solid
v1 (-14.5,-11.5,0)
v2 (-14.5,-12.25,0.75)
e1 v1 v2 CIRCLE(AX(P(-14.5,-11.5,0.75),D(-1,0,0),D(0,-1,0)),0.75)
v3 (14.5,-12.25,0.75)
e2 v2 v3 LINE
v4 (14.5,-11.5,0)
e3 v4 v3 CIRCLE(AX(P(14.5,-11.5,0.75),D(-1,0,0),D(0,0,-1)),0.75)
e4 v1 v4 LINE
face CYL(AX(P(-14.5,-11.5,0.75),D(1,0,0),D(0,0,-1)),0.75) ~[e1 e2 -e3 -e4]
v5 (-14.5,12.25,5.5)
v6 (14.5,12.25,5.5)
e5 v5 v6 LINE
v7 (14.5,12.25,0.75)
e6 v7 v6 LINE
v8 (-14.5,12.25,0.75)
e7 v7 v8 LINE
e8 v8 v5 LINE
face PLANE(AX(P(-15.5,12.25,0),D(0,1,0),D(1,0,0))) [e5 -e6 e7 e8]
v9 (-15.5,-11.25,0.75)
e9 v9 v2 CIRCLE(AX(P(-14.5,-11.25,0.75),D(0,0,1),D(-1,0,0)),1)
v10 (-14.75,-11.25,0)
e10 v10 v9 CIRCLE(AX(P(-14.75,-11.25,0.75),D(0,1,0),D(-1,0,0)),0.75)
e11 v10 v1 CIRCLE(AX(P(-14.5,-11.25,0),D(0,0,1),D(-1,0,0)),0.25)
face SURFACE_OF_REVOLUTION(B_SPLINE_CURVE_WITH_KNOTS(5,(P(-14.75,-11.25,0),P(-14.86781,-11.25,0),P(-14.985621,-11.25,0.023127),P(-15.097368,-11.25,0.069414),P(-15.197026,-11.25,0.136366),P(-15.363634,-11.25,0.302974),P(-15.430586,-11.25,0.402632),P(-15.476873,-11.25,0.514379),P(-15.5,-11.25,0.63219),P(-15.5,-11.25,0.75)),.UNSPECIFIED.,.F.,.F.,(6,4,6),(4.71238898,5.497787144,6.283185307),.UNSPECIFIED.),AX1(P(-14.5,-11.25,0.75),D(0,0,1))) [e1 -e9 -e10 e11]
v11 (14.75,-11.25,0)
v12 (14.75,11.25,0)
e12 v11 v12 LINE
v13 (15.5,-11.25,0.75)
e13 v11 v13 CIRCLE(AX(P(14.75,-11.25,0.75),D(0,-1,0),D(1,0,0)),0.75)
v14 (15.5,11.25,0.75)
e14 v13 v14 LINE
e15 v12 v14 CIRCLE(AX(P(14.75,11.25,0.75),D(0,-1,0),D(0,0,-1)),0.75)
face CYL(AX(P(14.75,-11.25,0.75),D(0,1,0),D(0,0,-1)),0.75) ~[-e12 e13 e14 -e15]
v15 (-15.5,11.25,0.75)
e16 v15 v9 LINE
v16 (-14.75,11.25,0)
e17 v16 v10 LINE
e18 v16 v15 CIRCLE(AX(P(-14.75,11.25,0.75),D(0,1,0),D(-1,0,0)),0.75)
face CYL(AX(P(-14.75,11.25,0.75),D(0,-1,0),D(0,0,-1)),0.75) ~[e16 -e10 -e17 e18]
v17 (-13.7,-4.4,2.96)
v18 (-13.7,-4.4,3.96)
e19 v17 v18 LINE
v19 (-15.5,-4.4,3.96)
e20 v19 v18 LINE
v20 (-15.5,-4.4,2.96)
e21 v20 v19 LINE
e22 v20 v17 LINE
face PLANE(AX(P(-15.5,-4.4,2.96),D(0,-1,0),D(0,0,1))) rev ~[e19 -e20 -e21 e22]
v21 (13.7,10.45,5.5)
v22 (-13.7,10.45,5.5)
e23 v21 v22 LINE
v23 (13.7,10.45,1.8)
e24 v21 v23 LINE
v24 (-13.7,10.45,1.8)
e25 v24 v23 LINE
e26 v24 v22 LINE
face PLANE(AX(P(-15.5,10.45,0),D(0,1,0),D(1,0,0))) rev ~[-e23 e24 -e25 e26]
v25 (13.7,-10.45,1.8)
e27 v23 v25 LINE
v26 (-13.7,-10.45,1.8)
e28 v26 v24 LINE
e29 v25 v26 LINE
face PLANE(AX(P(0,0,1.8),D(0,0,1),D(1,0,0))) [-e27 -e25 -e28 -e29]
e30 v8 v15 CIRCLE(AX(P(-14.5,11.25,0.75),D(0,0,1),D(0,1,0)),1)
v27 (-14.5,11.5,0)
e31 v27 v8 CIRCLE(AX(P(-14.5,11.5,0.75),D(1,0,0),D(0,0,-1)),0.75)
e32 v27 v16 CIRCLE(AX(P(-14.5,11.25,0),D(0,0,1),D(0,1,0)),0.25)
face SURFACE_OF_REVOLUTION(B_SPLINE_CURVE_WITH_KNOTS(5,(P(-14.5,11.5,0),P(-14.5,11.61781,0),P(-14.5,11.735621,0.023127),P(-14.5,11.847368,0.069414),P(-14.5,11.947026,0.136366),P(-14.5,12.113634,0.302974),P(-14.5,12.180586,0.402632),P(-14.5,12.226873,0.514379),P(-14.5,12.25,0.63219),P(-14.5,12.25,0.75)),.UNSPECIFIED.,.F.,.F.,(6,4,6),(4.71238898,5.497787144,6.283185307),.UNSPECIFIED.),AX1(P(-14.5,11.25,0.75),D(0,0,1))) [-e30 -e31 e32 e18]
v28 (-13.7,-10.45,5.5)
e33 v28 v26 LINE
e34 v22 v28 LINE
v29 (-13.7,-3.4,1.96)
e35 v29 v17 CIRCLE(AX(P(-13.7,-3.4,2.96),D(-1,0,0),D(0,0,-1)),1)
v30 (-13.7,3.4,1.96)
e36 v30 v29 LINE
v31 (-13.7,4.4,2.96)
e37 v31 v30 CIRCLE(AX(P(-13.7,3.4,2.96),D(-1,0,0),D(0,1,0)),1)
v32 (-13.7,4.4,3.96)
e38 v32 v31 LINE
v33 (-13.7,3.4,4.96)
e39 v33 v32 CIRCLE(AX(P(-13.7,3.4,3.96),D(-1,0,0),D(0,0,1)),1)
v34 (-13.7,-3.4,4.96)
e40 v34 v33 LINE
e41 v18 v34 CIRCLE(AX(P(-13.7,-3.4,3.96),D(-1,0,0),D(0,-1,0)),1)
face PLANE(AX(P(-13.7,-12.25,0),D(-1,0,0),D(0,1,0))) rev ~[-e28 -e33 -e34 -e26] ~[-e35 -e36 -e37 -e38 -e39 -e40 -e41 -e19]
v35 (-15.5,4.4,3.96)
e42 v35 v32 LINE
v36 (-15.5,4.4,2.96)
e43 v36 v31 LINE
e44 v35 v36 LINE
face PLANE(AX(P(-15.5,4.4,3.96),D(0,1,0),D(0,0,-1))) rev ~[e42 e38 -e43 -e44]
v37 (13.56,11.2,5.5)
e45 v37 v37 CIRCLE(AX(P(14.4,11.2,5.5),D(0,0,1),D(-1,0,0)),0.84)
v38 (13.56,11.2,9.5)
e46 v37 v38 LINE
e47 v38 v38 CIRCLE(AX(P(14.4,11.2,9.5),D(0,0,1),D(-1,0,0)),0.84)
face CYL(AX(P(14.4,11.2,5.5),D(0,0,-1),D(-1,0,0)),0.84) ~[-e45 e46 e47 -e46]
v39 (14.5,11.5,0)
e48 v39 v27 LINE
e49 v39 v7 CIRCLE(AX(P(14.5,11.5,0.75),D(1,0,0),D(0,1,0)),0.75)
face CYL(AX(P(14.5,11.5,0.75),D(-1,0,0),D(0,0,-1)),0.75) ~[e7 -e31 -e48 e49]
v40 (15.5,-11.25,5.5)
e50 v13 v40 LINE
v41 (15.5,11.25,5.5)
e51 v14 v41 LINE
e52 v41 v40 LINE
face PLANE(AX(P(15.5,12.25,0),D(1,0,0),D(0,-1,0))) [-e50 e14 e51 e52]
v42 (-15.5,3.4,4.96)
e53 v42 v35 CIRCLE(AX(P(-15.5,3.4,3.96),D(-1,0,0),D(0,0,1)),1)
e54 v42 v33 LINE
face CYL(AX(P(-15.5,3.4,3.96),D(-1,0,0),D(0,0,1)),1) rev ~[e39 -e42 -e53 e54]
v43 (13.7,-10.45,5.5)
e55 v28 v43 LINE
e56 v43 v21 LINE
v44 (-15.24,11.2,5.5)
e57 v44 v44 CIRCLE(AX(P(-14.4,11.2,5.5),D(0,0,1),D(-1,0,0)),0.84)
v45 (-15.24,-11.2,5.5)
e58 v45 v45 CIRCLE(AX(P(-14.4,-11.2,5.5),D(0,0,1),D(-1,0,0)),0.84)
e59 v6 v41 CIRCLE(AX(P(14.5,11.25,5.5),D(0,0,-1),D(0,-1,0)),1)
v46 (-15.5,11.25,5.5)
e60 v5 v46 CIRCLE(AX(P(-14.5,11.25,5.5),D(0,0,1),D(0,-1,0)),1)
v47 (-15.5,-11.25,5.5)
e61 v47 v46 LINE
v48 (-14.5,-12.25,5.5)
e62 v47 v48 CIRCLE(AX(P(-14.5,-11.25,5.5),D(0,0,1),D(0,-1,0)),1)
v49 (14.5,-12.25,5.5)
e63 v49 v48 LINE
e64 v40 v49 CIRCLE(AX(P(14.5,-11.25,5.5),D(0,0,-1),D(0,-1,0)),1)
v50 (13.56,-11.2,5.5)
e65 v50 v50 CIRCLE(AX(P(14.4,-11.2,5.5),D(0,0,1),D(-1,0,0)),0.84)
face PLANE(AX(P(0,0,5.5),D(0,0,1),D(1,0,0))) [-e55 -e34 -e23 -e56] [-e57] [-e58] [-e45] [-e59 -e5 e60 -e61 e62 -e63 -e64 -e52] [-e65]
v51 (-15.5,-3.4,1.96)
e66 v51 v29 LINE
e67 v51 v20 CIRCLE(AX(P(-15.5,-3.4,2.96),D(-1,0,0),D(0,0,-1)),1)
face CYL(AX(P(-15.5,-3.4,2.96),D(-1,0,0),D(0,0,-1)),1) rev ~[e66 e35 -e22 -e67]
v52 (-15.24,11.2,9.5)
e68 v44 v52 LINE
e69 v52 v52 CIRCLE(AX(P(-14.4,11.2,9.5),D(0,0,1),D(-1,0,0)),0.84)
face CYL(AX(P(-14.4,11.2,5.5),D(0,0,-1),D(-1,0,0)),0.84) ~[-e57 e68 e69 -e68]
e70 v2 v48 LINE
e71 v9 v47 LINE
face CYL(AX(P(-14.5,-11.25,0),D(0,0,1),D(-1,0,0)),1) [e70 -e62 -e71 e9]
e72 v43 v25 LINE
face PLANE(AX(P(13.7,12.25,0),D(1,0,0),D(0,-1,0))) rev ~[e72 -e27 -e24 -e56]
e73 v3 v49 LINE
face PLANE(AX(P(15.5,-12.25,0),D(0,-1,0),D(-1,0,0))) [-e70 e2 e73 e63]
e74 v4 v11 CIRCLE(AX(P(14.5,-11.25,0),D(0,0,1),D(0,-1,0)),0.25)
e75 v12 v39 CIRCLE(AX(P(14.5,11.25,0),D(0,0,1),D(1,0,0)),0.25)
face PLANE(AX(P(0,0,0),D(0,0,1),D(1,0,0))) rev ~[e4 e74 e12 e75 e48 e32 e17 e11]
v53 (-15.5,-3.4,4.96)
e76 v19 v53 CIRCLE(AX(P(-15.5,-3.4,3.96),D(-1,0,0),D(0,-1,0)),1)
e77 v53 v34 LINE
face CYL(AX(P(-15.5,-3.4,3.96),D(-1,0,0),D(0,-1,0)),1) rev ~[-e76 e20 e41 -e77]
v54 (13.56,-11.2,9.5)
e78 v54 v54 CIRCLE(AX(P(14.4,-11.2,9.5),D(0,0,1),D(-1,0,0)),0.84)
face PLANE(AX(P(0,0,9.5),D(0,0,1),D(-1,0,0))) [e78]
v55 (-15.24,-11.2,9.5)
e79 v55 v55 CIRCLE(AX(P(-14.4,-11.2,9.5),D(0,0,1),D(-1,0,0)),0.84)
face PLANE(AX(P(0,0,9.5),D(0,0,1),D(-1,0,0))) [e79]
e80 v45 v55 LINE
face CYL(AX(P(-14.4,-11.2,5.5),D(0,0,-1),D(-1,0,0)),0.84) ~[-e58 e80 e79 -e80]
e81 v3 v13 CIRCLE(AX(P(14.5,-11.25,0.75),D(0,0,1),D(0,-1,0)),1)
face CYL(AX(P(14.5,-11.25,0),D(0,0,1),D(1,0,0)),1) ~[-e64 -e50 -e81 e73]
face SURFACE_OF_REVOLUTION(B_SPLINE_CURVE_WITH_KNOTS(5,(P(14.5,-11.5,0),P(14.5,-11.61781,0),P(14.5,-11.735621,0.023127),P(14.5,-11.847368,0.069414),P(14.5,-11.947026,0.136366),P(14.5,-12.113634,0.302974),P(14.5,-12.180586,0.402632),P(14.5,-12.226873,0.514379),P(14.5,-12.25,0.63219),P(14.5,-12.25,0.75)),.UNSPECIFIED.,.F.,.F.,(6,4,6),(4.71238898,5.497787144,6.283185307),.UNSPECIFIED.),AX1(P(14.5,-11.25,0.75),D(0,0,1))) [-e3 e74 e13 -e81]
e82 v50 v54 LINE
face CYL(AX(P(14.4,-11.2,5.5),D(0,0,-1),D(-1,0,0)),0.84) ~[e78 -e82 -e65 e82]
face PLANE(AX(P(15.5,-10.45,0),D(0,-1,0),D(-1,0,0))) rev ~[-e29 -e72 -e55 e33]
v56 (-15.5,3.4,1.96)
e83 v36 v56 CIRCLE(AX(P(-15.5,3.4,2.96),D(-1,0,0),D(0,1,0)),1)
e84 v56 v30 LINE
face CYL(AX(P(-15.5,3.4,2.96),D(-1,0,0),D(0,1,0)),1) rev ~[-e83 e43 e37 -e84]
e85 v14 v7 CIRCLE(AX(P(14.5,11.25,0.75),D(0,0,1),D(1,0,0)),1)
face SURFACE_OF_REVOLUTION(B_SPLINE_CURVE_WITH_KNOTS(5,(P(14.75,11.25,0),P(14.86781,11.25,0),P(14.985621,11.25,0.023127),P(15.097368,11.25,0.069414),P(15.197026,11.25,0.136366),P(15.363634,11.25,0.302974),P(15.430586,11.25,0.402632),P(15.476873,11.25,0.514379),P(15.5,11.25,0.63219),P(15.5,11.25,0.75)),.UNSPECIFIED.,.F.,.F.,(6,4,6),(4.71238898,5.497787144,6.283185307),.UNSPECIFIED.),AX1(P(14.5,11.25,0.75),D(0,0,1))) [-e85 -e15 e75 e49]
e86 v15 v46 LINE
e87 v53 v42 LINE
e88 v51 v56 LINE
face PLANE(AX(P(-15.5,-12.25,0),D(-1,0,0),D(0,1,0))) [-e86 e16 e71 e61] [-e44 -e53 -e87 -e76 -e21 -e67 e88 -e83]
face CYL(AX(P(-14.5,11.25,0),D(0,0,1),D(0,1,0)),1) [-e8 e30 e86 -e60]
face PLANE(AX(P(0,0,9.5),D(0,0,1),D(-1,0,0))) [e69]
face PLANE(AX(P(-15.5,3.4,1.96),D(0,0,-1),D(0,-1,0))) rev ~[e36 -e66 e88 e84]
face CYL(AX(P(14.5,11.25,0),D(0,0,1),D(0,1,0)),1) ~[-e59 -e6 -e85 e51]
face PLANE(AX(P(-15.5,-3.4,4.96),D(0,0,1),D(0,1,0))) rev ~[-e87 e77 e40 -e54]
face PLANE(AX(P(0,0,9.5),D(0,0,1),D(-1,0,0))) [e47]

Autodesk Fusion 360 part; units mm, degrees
sketch "Sketch1" plane through (0, 0, 0) normal (0, 0, 1) x (1, 0, 0)
  line L0 (-15.5, 12.25) -> (15.5, 12.25)
  line L1 (15.5, 12.25) -> (15.5, -12.25)
  line L2 (15.5, -12.25) -> (-15.5, -12.25)
  line L3 (-15.5, -12.25) -> (-15.5, 12.25)
  line L4 (-15.5, 12.25) -> (15.5, -12.25) construction
  line L5 (15.5, 12.25) -> (-15.5, -12.25) construction
  dimension "d1" = 31
  dimension "d2" = 24.5
extrude "Extrude1" add sketch "Sketch1" along normal blind 5.5
shell "Shell1" thickness 1.8 removed faces 1 at (-5.1667, 4.0833, 5.5)
sketch "Sketch2" plane through (0, 0, 5.5) normal (0, 0, 1) x (-1, 0, 0)
  line L0 (13.7, 10.45) -> (13.7, -10.45)
  line L1 (13.7, -10.45) -> (-13.7, -10.45)
  line L2 (-13.7, -10.45) -> (-13.7, 10.45)
  line L3 (-13.7, 10.45) -> (13.7, 10.45)
  line L4 (15.5, 12.25) -> (-15.5, 12.25)
  line L5 (-15.5, 12.25) -> (-15.5, -12.25)
  line L6 (-15.5, -12.25) -> (15.5, -12.25)
  line L7 (15.5, -12.25) -> (15.5, 12.25)
  circle A0 centre (14.4, -11.2) radius 0.84
  line L8 (0, 0) -> (0, -2)
  line L9 (0, 0) -> (4, 0)
  circle A1 centre (-14.4, -11.2) radius 0.84
  circle A2 centre (-14.4, 11.2) radius 0.84
  circle A3 centre (14.4, 11.2) radius 0.84
  dimension "d6" = 1.68
  dimension "d7" = 11.2
  dimension "d8" = 14.4
extrude "Extrude2" add sketch "Sketch2" along normal blind 4 contours A0 | A1 | A2 | A3
fillet "Fillet1" radius 1 1 edges at (15.5, -12.25, 2.75)
fillet "Fillet1" radius 1 1 edges at (15.5, 12.25, 2.75)
fillet "Fillet1" radius 1 1 edges at (-15.5, 12.25, 2.75)
fillet "Fillet1" radius 1 1 edges at (-15.5, -12.25, 2.75)
sketch "Sketch3" plane through (-15.5, 0, 0) normal (-1, 0, 0) x (0, -1, 0)
  line L0 (11.25, 0) -> (11.25, 5.5)
  line L1 (11.25, 5.5) -> (-11.25, 5.5)
  line L2 (-11.25, 5.5) -> (-11.25, 0)
  line L3 (-11.25, 0) -> (11.25, 0)
  line L4 (0, 0) -> (0, 1.96)
  line L5 (0, 1.96) -> (0, 3.46)
  line L6 (-3.4, 1.96) -> (3.4, 1.96)
  line L7 (4.4, 2.96) -> (4.4, 3.96)
  line L8 (3.4, 4.96) -> (-3.4, 4.96)
  line L9 (-4.4, 3.96) -> (-4.4, 2.96)
  line L10 (-4.4, 1.96) -> (4.4, 4.96) construction
  line L11 (4.4, 1.96) -> (-4.4, 4.96) construction
  arc A0 (-3.4, 4.96) -> (-4.4, 3.96) centre (-3.4, 3.96) ccw
  arc A1 (-4.4, 2.96) -> (-3.4, 1.96) centre (-3.4, 2.96) ccw
  arc A2 (3.4, 1.96) -> (4.4, 2.96) centre (3.4, 2.96) ccw
  arc A3 (4.4, 3.96) -> (3.4, 4.96) centre (3.4, 3.96) ccw
  point P0 (0, 3.46)
  dimension "d19" = 1.96
  dimension "d20" = 1.5
  dimension "d21" = 3
  dimension "d22" = 8.8
  dimension "d23" = 1
extrude "Extrude3" cut sketch "Sketch3" against normal blind 6 contours L6 L7 L8 L9 A0 A1 A2 A3
fillet "Fillet2" radius 0.75 8 edges at (-15.2071, -11.9571, 0) (-15.5, 0, 0) (-15.2071, 11.9571, 0) (0, 12.25, 0) (15.2071, 11.9571, 0) (15.5, 0, 0) (15.2071, -11.9571, 0) (0, -12.25, 0)
